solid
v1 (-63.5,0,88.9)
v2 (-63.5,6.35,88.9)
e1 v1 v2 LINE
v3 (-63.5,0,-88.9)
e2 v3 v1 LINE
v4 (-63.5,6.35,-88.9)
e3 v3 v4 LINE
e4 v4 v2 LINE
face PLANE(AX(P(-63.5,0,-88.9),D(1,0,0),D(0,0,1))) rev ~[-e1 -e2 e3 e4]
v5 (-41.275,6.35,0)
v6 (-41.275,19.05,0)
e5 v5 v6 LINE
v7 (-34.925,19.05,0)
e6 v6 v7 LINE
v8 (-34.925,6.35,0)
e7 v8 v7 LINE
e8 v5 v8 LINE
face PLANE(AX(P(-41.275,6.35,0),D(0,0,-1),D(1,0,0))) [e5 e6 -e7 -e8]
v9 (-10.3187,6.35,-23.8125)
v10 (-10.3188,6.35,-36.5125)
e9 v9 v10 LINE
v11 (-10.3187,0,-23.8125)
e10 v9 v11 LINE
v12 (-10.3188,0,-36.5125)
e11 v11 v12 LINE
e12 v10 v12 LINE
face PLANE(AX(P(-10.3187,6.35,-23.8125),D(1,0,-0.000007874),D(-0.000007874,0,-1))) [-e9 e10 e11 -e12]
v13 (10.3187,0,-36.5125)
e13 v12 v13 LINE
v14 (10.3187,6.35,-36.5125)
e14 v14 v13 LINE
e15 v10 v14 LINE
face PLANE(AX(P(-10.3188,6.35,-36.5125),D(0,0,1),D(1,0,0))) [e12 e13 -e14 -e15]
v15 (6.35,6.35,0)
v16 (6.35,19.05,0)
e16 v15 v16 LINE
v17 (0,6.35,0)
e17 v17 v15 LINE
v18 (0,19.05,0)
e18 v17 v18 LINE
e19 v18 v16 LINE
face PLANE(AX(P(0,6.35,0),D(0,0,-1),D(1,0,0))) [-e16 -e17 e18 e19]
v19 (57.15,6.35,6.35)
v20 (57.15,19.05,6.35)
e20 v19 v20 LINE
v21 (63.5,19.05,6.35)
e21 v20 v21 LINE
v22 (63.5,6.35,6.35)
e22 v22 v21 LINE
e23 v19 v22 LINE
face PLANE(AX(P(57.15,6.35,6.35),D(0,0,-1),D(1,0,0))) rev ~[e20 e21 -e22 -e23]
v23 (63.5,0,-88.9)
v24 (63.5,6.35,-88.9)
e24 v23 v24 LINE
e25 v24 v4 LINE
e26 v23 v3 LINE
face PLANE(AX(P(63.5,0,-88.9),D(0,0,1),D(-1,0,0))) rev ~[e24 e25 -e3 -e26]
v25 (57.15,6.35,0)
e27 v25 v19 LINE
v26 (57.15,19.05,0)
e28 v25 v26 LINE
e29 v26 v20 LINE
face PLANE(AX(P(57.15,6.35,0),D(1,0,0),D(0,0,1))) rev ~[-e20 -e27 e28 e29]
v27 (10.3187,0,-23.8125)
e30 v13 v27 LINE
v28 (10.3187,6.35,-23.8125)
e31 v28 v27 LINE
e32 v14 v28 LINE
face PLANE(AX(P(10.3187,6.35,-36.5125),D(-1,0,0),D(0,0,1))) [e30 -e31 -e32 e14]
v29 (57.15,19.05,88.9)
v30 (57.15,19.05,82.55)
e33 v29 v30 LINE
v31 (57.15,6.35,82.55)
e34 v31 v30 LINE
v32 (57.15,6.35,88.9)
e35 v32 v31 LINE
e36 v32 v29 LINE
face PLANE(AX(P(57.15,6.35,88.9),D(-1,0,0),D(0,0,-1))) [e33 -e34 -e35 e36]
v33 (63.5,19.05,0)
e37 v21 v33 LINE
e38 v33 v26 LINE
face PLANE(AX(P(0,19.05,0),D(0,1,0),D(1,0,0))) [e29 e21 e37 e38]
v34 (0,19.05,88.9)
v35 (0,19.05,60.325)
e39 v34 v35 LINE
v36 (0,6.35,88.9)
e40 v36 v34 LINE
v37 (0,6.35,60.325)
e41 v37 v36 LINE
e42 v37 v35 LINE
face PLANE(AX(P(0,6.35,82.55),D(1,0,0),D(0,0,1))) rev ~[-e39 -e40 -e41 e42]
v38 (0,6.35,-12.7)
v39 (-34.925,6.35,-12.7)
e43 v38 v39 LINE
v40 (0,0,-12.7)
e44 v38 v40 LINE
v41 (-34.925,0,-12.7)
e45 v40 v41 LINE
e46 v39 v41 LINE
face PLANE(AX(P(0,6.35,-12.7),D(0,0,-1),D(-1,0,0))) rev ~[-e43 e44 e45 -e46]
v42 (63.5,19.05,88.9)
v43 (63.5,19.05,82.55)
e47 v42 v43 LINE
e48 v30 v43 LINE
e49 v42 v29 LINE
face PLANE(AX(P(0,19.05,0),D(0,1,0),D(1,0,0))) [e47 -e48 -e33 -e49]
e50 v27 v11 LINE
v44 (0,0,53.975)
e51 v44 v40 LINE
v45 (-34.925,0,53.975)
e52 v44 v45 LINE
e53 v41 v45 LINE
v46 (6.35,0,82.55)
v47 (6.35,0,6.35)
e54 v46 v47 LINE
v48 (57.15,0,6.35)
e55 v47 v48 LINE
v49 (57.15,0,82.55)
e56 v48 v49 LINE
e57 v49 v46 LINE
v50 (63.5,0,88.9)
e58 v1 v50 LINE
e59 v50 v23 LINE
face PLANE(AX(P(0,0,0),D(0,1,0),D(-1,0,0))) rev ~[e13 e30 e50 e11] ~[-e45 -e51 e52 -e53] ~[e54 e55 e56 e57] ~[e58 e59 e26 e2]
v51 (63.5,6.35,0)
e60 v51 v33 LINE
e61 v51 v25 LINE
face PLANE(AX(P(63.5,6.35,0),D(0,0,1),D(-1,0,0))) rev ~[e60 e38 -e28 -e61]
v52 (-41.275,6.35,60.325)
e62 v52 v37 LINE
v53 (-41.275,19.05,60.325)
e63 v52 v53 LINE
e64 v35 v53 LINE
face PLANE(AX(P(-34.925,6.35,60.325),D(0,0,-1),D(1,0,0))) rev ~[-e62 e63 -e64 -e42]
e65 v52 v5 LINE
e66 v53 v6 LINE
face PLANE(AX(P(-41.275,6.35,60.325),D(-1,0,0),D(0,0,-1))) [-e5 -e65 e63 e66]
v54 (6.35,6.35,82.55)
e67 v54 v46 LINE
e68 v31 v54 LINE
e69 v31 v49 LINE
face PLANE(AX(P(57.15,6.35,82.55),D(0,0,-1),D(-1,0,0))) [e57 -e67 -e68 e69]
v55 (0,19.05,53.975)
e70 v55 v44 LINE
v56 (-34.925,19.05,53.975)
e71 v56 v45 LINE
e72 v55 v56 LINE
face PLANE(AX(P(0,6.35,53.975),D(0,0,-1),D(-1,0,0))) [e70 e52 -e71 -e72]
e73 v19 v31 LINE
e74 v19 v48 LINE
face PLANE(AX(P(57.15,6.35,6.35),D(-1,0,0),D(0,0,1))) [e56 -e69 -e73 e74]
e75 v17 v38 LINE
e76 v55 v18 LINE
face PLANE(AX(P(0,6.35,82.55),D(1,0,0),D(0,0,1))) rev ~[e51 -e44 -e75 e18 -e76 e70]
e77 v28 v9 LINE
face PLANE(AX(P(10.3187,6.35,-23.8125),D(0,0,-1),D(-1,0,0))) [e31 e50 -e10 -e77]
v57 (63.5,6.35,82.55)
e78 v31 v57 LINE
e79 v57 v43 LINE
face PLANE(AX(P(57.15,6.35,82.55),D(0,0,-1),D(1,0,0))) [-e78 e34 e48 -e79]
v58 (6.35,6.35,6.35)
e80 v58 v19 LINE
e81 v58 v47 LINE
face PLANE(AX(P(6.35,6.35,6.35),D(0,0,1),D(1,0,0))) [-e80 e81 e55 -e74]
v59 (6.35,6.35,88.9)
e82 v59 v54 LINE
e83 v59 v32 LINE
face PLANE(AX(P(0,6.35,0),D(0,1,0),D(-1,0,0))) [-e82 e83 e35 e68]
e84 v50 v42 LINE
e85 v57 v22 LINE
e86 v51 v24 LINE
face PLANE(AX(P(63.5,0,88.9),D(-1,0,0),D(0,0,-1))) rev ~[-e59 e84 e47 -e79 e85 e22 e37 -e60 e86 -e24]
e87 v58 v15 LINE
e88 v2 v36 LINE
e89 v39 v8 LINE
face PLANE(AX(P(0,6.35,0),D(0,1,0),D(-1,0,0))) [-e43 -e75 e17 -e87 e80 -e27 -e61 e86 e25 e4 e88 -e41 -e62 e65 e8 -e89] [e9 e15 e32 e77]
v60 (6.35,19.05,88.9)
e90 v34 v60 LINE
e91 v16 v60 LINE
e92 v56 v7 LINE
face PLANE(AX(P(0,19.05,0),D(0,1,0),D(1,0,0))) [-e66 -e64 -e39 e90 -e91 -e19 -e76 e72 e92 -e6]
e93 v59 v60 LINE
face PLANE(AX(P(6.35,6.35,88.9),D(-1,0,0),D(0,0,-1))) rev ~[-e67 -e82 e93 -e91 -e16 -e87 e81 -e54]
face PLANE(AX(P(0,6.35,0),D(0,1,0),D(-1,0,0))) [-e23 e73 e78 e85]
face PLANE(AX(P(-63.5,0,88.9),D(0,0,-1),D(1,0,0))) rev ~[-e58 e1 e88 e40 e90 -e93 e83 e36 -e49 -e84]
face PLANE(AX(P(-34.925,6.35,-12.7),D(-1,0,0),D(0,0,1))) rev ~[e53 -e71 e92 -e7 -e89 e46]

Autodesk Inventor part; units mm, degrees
ref_plane "YZ Plane" through (0, 0, 0) normal (1, 0, 0) x (0, 1, 0)
ref_plane "XZ Plane" through (0, 0, 0) normal (0, 1, 0) x (-1, 0, 0)
ref_plane "XY Plane" through (0, 0, 0) normal (0, 0, 1) x (1, 0, 0)
sketch "Sketch1" plane through (0, 0, 0) normal (0, 1, 0) x (-1, 0, 0)
  line L0 (63.5, 88.9) -> (-63.5, 88.9)
  line L1 (-63.5, 88.9) -> (-63.5, -88.9)
  line L2 (-63.5, -88.9) -> (63.5, -88.9)
  line L3 (63.5, -88.9) -> (63.5, 88.9)
  line L4 (63.5, 88.9) -> (-63.5, -88.9) construction
  line L5 (-63.5, 88.9) -> (63.5, -88.9) construction
  point P0 (0, 0)
  dimension "d0" = 177.8
  dimension "d1" = 127
extrude "main plate" add sketch "Sketch1" along normal blind 6.35
sketch "Sketch4" plane through (0, 6.35, 0) normal (0, 1, 0) x (1, 0, 0)
  line L0 (63.5, -88.9) -> (63.5, 88.9) projected
  line L1 (63.5, -88.9) -> (57.15, -88.9)
  line L2 (57.15, -88.9) -> (57.15, -82.55)
  line L3 (57.15, -82.55) -> (63.5, -82.55)
  line L4 (63.5, -82.55) -> (63.5, -88.9)
  line L5 (57.15, -82.55) -> (6.35, -82.55) construction
  line L6 (57.15, -82.55) -> (57.15, -6.35) construction
  line L7 (57.15, -6.35) -> (63.5, -6.35)
  line L8 (63.5, -6.35) -> (63.5, 0)
  line L9 (63.5, 0) -> (57.15, 0)
  line L10 (57.15, 0) -> (57.15, -6.35)
  line L11 (-63.5, -88.9) -> (63.5, -88.9) projected
  line L12 (6.35, -82.55) -> (0, -82.55)
  line L13 (0, -82.55) -> (0, -88.9)
  line L14 (0, -88.9) -> (6.35, -88.9)
  line L15 (6.35, -88.9) -> (6.35, -82.55)
  line L16 (0, 0) -> (6.35, 0)
  line L17 (6.35, 0) -> (6.35, -6.35)
  line L18 (6.35, -6.35) -> (0, -6.35)
  line L19 (0, -6.35) -> (0, 0)
  line L20 (6.35, -6.35) -> (0, -6.35)
  line L21 (0, -6.35) -> (0, -82.55)
  line L22 (0, -82.55) -> (6.35, -82.55)
  line L23 (6.35, -82.55) -> (6.35, -6.35)
  dimension "d12" = 6.35
  dimension "d13" = 6.35
  dimension "d14" = 50.8
  dimension "d15" = 76.2
extrude "battery standoffs" add sketch "Sketch4" along normal blind 12.7
sketch "Sketch5" plane through (0, 6.35, 0) normal (0, 1, 0) x (1, 0, 0)
  line L0 (-34.925, -6.35) -> (0, -6.35)
  line L1 (0, -6.35) -> (0, -53.975)
  line L2 (0, -53.975) -> (-34.925, -53.975)
  line L3 (-34.925, -53.975) -> (-34.925, -6.35)
  line L4 (-34.925, -6.35) -> (0, -6.35)
  line L5 (0, -6.35) -> (0, -53.975)
  line L6 (0, -53.975) -> (-34.925, -53.975)
  line L7 (-34.925, -53.975) -> (-34.925, -6.35)
  point P0 (0, 0)
  dimension "d18" = 34.925
  dimension "d19" = 47.625
extrude "breadboard hole" cut sketch "Sketch5" against normal blind 6.35
sketch "Sketch6" plane through (0, 6.35, 0) normal (0, 1, 0) x (1, 0, 0)
  line L0 (6.35, 0) -> (6.35, -6.35) projected
  line L1 (6.35, -6.35) -> (57.15, -6.35)
  line L2 (57.15, -6.35) -> (57.15, -82.55)
  line L3 (57.15, -82.55) -> (6.35, -82.55)
  line L4 (6.35, -82.55) -> (6.35, -6.35)
  point P0 (0, 0)
extrude "battery hole" cut sketch "Sketch6" against normal blind 6.35
sketch "Sketch9" plane through (0, 6.35, 0) normal (0, 1, 0) x (1, 0, 0)
  line L0 (0, -53.975) -> (0, -6.35) projected
  line L1 (0, -53.975) -> (-34.925, -53.975)
  line L2 (-34.925, -53.975) -> (-34.925, -60.325)
  line L3 (-34.925, -60.325) -> (0, -60.325)
  line L4 (0, -60.325) -> (0, -53.975)
  line L5 (-34.925, -60.325) -> (-41.275, -60.325)
  line L6 (-41.275, -60.325) -> (-41.275, 0)
  line L7 (-41.275, 0) -> (-34.925, 0)
  line L8 (-34.925, 0) -> (-34.925, -60.325)
  line L9 (0, 0) -> (0, -6.35)
  line L10 (-34.925, -6.35) -> (-34.925, 0)
  point P0 (0, 0)
extrude "breadboard standoffs" add sketch "Sketch9" along normal blind 12.7
sketch "Sketch10" plane through (0, 6.35, 0) normal (0, 1, 0) x (1, 0, 0)
  line L0 (-34.925, 0) -> (-34.925, -6.35) projected
  line L1 (-34.925, -6.35) -> (0, -6.35)
  line L2 (0, -6.35) -> (0, 12.7)
  line L3 (0, 12.7) -> (-34.925, 12.7)
  line L4 (-34.925, 12.7) -> (-34.925, -6.35)
  point P0 (0, 0)
extrude "wiring hole" cut sketch "Sketch10" against normal blind 6.35
sketch "Sketch11" plane through (0, 6.35, 0) normal (0, 1, 0) x (1, 0, 0)
  line L0 (-10.3188, 36.5125) -> (10.3187, 36.5125)
  line L1 (10.3187, 36.5125) -> (10.3187, 23.8125)
  line L2 (10.3187, 23.8125) -> (-10.3187, 23.8125)
  line L3 (-10.3187, 23.8125) -> (-10.3188, 36.5125)
  line L4 (-10.3188, 36.5125) -> (10.3187, 23.8125) construction
  line L5 (10.3187, 36.5125) -> (-10.3187, 23.8125) construction
  point P0 (0, 0)
  point P1 (0, 30.1625)
  dimension "d28" = 12.7
  dimension "d29" = 20.6375
extrude "power switch mount" cut sketch "Sketch11" against normal blind 6.35
properties part number "chassis_top"
